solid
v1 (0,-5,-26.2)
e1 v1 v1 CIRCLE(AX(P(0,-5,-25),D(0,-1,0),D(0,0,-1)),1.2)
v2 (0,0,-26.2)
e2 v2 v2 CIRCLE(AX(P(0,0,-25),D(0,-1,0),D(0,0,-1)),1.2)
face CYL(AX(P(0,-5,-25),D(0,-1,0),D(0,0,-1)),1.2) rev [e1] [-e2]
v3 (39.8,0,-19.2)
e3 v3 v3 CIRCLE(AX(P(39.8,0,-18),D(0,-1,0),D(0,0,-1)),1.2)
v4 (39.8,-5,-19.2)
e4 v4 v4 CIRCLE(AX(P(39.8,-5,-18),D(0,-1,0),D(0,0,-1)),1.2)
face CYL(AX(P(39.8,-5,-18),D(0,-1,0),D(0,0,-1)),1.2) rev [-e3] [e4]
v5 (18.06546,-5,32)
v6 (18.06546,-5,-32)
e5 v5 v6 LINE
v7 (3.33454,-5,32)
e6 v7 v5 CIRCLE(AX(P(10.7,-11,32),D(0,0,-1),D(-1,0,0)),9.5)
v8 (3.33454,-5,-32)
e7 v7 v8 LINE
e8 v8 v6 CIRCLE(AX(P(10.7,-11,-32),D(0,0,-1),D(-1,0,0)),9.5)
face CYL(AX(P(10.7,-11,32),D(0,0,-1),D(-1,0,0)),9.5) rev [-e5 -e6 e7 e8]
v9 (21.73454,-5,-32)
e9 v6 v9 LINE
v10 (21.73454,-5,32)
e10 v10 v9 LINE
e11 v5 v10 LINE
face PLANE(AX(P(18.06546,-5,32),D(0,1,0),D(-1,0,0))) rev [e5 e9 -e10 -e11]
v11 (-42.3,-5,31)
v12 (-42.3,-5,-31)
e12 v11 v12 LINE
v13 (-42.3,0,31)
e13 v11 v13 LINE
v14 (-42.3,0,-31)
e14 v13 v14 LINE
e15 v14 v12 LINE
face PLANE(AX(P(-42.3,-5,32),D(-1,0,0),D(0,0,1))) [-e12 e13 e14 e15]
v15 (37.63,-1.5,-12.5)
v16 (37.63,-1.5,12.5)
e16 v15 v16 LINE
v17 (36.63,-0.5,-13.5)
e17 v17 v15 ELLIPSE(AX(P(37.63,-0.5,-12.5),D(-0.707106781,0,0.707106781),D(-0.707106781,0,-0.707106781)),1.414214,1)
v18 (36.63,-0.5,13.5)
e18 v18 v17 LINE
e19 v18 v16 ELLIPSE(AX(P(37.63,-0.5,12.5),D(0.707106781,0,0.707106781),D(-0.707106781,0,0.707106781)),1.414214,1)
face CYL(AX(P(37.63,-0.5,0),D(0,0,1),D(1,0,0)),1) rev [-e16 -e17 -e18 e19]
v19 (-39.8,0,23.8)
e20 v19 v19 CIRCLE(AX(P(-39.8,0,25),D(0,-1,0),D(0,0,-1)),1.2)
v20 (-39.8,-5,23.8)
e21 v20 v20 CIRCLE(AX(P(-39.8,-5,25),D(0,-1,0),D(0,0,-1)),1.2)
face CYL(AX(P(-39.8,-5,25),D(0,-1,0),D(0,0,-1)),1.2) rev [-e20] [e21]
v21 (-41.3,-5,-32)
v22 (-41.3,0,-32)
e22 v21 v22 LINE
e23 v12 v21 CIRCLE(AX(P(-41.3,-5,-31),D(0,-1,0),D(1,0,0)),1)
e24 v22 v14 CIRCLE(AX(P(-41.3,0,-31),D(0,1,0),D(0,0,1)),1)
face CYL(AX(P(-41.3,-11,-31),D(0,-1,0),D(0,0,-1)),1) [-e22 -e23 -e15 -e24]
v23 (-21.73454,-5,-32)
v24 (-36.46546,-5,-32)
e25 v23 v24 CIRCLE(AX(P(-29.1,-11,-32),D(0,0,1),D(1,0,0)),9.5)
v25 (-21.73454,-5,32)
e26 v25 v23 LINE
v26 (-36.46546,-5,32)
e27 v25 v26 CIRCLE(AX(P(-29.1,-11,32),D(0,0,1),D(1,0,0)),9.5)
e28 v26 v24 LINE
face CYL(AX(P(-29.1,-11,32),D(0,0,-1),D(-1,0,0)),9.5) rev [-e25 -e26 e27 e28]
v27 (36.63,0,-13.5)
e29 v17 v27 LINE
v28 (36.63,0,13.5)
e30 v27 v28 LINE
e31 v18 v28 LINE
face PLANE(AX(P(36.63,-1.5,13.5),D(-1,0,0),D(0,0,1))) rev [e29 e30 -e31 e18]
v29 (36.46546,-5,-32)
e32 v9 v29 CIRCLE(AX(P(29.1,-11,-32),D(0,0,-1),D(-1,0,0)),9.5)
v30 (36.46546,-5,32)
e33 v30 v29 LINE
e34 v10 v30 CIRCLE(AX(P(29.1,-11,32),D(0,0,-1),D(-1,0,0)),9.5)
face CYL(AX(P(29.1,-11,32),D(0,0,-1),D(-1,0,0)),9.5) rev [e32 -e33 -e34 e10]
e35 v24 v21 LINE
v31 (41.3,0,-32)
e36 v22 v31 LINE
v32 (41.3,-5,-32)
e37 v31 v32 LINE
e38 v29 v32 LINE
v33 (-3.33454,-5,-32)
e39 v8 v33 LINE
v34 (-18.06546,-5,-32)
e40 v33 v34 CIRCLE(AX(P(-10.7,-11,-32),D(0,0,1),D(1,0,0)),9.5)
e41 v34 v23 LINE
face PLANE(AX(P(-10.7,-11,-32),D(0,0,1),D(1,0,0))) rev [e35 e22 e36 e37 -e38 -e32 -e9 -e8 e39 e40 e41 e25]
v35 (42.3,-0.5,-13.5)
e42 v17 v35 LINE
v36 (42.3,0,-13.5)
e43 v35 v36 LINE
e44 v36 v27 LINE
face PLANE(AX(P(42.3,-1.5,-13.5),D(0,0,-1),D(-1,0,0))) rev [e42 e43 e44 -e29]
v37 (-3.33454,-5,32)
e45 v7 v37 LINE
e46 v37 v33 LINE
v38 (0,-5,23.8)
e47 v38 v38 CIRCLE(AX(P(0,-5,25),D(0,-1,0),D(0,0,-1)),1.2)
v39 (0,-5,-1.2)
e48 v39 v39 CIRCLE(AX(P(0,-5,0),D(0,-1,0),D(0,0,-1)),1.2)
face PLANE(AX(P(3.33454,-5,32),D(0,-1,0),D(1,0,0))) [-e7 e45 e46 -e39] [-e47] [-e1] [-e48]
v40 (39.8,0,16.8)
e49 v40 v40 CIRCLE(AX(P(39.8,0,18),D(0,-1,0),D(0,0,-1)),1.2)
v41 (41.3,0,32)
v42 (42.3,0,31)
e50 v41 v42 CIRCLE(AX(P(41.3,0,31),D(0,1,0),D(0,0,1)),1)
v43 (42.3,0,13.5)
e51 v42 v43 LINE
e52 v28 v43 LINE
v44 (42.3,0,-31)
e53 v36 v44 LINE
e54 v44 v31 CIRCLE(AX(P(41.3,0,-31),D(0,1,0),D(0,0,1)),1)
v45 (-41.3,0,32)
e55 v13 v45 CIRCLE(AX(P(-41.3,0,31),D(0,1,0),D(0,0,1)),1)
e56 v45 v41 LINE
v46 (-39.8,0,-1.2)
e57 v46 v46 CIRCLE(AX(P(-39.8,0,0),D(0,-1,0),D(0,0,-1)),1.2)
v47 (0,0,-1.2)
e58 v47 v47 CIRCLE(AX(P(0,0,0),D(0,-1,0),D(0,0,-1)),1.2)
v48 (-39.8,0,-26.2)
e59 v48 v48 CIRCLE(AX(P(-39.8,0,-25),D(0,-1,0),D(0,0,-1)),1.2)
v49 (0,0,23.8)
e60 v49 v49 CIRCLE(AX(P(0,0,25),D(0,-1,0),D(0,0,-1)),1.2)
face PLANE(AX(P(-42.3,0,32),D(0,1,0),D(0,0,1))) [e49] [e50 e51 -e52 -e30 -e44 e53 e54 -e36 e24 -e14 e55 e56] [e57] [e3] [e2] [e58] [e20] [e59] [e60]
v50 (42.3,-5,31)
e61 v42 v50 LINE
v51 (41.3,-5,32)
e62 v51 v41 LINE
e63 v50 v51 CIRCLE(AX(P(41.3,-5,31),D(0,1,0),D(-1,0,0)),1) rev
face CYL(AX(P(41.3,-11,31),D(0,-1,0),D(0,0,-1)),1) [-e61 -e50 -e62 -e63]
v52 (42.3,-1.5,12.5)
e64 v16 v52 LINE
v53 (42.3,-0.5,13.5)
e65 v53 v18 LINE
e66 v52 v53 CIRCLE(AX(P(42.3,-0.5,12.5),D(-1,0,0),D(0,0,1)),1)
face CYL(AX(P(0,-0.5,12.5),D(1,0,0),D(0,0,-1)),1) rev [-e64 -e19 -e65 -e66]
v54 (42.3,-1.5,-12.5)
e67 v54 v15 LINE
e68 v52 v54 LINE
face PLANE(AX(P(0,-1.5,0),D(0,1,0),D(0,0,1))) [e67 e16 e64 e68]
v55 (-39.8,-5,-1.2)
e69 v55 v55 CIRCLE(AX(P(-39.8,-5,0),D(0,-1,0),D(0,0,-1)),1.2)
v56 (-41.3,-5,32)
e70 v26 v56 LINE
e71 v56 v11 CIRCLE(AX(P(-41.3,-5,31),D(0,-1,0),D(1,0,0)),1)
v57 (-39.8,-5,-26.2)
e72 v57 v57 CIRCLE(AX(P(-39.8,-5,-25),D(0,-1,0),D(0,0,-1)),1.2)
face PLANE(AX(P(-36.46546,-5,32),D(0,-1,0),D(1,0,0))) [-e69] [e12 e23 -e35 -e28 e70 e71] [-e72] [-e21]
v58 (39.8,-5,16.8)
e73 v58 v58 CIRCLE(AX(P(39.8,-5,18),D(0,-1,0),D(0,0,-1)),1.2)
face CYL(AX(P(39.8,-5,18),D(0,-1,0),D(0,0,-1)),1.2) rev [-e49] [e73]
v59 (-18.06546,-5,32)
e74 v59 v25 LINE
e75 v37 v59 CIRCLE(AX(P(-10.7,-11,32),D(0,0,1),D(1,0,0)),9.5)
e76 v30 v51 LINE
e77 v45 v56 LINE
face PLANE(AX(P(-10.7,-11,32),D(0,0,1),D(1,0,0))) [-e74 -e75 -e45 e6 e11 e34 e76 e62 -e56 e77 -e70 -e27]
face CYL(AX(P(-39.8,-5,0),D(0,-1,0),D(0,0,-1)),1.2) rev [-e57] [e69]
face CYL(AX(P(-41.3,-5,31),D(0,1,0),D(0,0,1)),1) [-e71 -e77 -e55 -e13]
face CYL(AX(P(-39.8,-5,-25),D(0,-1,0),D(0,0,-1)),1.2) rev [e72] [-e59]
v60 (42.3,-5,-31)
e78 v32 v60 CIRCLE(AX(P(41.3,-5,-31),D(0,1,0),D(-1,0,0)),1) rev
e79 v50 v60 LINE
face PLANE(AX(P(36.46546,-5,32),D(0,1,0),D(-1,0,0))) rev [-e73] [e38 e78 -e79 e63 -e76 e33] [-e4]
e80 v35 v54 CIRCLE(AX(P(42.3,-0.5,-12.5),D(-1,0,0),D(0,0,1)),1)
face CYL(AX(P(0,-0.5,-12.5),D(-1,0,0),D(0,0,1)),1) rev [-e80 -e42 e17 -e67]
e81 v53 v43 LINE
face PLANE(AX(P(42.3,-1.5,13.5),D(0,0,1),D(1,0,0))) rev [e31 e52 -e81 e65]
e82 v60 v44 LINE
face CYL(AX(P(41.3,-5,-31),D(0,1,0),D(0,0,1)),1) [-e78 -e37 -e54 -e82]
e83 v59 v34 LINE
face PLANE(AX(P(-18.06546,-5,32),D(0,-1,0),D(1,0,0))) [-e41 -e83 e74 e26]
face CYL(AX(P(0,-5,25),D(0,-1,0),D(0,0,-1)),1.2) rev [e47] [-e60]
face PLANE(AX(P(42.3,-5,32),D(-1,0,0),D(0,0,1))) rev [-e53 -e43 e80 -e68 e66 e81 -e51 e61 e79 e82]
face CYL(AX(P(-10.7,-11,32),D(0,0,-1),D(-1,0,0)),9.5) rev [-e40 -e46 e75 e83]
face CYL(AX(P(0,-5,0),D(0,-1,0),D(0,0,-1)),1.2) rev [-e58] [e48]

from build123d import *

# Parameters (mm, degrees)
BOSS_EXTRUDE1_DEPTH  = 32
M2_CLEARANCE_HOLE1_D = 2.4
FILLET1_R            = 1
SKETCH9_W            = 5.67
SKETCH9_H            = 27
CUT_EXTRUDE1_DEPTH   = 1.5
FILLET2_R            = 1


with BuildPart() as part:
    # Sketch2 → Boss-Extrude1 (new, symmetric)
    with BuildSketch(Plane.XY):
        with BuildLine():
            Line((3.334540069, -5), (-3.334540069, -5))
            ThreePointArc((-3.334540069, -5), (-10.7, -1.5), (-18.065459931, -5))
            Line((-18.065459931, -5), (-21.734540069, -5))
            ThreePointArc((-21.734540069, -5), (-29.1, -1.5), (-36.465459931, -5))
            Line((-36.465459931, -5), (-42.3, -5))
            Line((-42.3, -5), (-42.3, 0))
            Line((-42.3, 0), (42.3, 0))
            Line((42.3, 0), (42.3, -5))
            Line((42.3, -5), (36.465459931, -5))
            ThreePointArc((36.465459931, -5), (29.1, -1.5), (21.734540069, -5))
            Line((21.734540069, -5), (18.065459931, -5))
            ThreePointArc((18.065459931, -5), (10.7, -1.5), (3.334540069, -5))
        make_face()
    extrude(amount=BOSS_EXTRUDE1_DEPTH, both=True)

    # M2 Clearance Hole1 (through all)
    with Locations(Plane(origin=(0, -5, 0), x_dir=(-1, 0, 0), z_dir=(0, -1, 0))):
        with Locations((0, 25), (0, 0), (0, -25), (39.8, -25), (39.8, 0), (39.8, 25), (-39.8, -18), (-39.8, 18)):
            Hole(M2_CLEARANCE_HOLE1_D / 2)

    # Fillet1
    fillet1_edges = [part.edges().sort_by_distance(p)[0] for p in [
        (42.3, -2.5, -32),
        (-42.3, -2.5, -32),
        (-42.3, -2.5, 32),
        (42.3, -2.5, 32),
    ]]
    fillet(fillet1_edges, radius=FILLET1_R)

    # Sketch9 → Cut-Extrude1 (cut)
    with BuildSketch(Plane(origin=(0, 0, 0), x_dir=(1, 0, 0), z_dir=(0, 1, 0))):
        with Locations((39.465, 0)):
            Rectangle(SKETCH9_W, SKETCH9_H)
    extrude(amount=-CUT_EXTRUDE1_DEPTH, mode=Mode.SUBTRACT)

    # Fillet2
    fillet2_edges = [part.edges().sort_by_distance(p)[0] for p in [
        (39.465, -1.5, 13.5),
        (36.63, -1.5, 0),
        (39.465, -1.5, -13.5),
    ]]
    fillet(fillet2_edges, radius=FILLET2_R)


solid = part.part
